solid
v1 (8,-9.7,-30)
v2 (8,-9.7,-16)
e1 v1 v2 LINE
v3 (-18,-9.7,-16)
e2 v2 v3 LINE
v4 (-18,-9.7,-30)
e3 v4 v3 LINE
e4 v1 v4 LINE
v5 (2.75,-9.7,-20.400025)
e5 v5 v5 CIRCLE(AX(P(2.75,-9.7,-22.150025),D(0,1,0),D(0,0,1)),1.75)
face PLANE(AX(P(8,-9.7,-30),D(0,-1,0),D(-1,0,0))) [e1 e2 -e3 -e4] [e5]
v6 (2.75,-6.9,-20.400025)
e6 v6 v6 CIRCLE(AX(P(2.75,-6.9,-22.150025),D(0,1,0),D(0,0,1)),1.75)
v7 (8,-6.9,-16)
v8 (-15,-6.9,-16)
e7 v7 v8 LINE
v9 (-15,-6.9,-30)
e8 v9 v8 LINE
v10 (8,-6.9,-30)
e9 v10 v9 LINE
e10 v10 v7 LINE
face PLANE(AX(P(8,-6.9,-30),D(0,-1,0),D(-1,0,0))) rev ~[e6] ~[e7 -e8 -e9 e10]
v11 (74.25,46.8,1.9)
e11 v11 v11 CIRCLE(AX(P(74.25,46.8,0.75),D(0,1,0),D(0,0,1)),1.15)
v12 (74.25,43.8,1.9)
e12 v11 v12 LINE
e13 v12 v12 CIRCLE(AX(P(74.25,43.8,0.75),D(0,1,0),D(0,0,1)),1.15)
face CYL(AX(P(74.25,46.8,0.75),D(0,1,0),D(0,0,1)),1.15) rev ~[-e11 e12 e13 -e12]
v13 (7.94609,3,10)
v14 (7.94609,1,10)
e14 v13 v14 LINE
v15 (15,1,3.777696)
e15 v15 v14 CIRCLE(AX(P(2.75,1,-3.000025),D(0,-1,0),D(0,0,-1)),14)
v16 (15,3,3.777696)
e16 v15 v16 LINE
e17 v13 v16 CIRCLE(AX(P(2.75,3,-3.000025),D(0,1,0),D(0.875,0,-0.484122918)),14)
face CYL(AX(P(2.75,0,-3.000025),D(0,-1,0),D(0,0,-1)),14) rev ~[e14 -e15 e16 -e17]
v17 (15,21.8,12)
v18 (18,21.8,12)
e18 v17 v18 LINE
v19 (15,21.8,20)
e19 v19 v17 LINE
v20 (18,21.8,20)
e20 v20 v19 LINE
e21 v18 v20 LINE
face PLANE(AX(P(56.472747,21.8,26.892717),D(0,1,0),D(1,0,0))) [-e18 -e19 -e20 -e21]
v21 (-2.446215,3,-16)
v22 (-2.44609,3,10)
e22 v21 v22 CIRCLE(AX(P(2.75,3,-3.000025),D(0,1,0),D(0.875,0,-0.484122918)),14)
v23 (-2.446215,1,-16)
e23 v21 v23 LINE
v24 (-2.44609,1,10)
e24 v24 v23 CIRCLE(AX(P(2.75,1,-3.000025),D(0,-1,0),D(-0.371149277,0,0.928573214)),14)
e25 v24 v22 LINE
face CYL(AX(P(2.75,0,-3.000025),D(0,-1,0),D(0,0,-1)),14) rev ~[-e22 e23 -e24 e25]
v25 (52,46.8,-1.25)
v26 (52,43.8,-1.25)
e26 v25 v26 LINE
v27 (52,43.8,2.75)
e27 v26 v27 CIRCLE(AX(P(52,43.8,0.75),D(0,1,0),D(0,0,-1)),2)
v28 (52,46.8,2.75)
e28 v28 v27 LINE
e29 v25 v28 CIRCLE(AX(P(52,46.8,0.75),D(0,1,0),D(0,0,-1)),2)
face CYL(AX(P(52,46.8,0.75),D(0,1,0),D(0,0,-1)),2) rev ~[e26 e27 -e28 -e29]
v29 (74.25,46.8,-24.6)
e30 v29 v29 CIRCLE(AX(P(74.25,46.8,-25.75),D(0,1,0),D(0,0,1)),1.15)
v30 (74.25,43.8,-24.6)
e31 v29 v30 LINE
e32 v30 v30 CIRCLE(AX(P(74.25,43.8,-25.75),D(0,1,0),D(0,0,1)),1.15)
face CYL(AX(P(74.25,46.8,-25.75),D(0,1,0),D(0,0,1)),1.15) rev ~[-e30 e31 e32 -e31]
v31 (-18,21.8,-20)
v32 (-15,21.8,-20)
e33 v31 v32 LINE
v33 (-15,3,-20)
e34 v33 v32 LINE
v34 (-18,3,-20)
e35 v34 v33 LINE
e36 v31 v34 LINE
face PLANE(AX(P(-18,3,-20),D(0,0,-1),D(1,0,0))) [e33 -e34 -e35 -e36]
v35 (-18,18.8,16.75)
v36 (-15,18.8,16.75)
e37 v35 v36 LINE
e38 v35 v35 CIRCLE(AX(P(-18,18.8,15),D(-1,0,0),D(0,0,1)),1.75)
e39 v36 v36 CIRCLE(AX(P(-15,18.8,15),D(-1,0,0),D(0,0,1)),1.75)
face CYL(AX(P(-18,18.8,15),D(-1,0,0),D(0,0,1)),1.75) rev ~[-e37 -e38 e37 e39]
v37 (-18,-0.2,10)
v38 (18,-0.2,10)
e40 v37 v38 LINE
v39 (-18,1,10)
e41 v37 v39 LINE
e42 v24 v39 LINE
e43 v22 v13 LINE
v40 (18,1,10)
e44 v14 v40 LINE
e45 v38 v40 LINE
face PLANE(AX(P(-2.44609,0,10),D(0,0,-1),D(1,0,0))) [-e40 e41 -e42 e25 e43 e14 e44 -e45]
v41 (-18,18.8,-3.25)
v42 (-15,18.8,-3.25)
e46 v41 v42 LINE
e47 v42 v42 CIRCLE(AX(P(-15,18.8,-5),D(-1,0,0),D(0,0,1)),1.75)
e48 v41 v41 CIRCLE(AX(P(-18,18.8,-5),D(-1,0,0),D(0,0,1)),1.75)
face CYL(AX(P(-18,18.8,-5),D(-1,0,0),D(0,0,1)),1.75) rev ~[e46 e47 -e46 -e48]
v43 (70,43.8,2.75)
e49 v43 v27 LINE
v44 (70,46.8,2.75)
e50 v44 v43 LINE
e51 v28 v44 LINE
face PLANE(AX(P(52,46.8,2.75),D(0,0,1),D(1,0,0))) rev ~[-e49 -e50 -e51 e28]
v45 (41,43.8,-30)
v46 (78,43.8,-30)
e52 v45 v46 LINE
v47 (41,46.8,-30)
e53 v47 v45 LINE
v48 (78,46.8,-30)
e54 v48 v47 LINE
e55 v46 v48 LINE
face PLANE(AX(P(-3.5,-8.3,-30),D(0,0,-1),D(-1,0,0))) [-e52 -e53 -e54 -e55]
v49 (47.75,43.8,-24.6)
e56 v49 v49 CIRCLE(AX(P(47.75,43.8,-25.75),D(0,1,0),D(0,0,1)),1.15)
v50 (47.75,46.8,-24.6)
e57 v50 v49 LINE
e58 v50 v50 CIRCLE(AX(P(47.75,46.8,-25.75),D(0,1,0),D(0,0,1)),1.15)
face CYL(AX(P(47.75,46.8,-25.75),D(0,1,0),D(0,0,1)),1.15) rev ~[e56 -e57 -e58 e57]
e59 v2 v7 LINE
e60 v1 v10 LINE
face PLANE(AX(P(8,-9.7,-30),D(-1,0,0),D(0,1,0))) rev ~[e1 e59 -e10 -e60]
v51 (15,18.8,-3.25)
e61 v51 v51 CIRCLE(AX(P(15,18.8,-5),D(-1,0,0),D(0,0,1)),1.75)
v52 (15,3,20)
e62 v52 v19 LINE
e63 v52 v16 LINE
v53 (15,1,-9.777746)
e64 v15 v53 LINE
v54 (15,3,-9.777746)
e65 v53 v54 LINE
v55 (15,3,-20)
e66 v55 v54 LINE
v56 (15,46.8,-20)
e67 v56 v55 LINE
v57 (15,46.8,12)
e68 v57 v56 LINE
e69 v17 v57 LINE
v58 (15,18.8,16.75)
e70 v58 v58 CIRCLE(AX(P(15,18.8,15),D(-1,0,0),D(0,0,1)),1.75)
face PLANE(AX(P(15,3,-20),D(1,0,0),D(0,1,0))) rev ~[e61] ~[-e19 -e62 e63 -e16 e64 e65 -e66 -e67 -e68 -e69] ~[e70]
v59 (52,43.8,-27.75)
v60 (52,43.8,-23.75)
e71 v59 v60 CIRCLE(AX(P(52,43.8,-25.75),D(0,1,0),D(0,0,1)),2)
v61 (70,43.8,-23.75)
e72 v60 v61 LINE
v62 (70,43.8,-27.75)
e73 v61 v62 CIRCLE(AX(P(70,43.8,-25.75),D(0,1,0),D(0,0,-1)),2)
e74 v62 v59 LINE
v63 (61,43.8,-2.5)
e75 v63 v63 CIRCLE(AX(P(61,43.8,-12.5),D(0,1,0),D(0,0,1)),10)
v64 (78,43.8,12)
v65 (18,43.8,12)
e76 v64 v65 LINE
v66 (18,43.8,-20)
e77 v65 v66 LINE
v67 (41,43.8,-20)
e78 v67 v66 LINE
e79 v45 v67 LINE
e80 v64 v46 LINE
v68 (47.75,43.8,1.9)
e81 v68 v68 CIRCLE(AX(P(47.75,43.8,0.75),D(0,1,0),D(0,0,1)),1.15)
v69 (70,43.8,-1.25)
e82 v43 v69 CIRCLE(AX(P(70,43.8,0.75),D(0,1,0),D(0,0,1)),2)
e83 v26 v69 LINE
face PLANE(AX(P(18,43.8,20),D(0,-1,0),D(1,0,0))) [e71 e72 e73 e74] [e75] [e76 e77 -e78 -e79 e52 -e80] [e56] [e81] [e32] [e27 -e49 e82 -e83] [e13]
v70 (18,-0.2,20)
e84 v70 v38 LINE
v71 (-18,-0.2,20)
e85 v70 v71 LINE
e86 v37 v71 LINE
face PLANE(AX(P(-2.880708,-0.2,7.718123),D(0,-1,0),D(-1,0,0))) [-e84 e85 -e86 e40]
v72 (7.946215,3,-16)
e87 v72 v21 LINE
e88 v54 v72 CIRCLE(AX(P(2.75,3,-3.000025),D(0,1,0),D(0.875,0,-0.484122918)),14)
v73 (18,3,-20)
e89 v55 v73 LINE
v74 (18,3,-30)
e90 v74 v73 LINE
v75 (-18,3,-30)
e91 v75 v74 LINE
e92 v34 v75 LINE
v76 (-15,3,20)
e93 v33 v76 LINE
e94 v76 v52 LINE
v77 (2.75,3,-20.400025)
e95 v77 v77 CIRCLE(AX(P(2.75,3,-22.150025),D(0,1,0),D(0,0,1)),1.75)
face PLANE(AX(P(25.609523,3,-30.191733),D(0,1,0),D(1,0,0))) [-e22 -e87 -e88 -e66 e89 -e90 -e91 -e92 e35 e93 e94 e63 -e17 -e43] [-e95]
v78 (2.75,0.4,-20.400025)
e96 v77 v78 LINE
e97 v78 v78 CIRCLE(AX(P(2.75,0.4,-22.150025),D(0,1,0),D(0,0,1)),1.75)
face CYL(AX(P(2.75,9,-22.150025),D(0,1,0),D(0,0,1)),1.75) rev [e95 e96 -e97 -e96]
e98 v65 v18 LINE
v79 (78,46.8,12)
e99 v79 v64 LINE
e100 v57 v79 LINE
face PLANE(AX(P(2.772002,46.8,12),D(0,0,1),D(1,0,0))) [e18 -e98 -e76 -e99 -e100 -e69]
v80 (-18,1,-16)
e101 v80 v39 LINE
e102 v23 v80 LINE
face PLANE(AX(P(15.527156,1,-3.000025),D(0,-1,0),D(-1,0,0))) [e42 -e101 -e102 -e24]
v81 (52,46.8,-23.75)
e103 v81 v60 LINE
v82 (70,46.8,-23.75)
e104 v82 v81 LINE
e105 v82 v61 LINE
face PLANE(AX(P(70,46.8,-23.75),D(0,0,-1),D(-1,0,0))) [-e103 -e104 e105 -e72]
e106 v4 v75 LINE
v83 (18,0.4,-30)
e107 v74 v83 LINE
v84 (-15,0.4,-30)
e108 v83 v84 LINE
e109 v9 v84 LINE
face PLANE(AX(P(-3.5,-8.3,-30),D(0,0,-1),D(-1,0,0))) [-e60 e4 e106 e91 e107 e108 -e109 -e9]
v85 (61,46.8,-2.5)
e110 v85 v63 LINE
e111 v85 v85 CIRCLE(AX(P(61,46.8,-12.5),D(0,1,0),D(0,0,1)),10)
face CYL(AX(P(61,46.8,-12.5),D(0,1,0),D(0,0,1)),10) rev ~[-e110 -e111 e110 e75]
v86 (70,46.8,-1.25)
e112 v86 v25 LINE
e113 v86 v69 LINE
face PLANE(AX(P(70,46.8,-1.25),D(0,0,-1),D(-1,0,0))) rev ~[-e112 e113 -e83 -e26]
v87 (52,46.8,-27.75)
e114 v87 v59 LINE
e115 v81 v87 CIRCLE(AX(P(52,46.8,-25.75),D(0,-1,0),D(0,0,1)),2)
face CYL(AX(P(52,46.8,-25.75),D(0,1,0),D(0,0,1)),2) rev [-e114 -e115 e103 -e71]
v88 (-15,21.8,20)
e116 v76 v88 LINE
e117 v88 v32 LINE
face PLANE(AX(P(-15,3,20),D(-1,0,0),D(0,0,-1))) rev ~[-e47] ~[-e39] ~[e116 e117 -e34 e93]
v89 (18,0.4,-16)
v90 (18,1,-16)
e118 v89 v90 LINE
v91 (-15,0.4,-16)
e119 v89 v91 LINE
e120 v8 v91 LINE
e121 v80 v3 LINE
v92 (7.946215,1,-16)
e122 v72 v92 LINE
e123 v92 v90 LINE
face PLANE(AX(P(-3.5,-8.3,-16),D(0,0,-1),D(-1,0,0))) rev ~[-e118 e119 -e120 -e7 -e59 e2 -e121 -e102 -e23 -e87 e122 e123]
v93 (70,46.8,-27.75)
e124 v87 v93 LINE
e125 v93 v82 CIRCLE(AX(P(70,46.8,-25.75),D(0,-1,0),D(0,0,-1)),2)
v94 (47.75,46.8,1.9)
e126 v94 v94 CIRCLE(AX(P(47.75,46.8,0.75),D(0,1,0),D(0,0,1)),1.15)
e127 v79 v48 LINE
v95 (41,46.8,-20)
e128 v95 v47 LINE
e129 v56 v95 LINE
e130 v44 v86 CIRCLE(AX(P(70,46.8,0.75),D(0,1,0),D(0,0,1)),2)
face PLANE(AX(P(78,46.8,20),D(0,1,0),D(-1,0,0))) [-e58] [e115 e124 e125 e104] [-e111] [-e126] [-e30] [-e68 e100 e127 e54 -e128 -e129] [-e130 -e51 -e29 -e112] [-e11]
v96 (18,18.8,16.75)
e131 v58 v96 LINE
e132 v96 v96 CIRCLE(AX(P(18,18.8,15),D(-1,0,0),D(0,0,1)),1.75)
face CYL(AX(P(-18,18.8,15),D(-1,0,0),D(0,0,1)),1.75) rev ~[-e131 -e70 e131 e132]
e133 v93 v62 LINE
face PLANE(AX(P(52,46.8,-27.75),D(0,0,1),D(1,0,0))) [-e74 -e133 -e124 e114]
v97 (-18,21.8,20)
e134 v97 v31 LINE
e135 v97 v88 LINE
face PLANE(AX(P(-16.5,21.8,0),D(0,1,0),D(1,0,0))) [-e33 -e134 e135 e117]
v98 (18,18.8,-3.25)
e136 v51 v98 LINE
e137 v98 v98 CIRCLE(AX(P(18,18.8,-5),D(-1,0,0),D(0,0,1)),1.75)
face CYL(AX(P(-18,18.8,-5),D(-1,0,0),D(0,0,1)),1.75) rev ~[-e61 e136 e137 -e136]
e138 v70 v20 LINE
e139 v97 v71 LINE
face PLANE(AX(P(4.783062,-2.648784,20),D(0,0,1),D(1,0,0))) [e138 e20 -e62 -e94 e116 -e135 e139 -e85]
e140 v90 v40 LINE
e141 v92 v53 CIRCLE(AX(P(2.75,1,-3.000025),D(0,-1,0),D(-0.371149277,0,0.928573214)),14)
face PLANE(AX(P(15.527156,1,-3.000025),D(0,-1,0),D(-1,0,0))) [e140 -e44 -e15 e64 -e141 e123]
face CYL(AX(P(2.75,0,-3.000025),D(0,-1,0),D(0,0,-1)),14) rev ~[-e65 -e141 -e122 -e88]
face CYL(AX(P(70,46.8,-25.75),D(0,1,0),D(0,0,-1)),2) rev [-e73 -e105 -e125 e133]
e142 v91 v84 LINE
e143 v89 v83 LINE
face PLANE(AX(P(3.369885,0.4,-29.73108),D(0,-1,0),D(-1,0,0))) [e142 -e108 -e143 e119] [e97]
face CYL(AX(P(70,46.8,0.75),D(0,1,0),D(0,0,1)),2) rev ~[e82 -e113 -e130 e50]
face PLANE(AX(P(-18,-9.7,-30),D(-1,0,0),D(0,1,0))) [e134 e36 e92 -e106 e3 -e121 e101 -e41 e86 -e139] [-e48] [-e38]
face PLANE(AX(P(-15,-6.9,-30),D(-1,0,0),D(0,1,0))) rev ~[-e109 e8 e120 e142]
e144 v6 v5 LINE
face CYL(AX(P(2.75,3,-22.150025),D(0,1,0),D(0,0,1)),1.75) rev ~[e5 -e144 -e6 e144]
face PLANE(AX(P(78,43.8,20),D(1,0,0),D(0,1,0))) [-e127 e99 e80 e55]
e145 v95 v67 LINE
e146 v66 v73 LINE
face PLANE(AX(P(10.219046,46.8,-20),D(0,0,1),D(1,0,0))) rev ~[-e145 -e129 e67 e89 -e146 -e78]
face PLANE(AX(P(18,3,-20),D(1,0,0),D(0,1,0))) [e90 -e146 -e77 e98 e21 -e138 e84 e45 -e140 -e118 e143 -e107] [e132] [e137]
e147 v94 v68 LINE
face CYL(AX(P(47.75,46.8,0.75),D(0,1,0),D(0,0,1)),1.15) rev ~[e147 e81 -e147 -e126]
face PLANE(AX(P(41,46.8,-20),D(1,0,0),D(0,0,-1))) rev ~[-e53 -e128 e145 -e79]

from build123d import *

# Parameters (mm, degrees)
SKETCH_1_W            = 36
SKETCH_1_H            = 40
EXTRUDE_1_DEPTH       = 3
SKETCH_2_W            = 3
SKETCH_2_H            = 40
EXTRUDE_2_DEPTH       = 18.8
SKETCH_3_R            = 14
CUT_EXTRUDE_1_DEPTH   = 9
SKETCH_4_W            = 36
SKETCH_4_H            = 3
EXTRUDE_3_DEPTH       = 10
SKETCH_6_R            = 2.7
CUT_EXTRUDE_3_DEPTH   = 10
SKETCH_7_R            = 1.75
CUT_EXTRUDE_4_DEPTH   = 52.68404009
SKETCH_9_W            = 25
SKETCH_9_H            = 3
SKETCH_9_W_2          = 3
SKETCH_9_H_2          = 9.3
EXTRUDE_4_DEPTH       = 20
CHAMFER_1_SIZE        = 5
CUT_EXTRUDE_START     = -30
SKETCH_10_R           = 2.7
CUT_EXTRUDE_5_DEPTH   = 30
SKETCH_11_W           = 40.05397725
SKETCH_11_H           = 18.071111192
CUT_EXTRUDE_6_DEPTH   = 52.68404009
EXTRUDE_START         = 2.5
SKETCH_12_W           = 36
SKETCH_12_H           = 20
SKETCH_12_R           = 2.7
EXTRUDE_5_DEPTH       = 2.5
SKETCH_13_W           = 62.12277329
SKETCH_13_H           = 35.561448302
CUT_EXTRUDE_7_DEPTH   = 1
SKETCH_16_W           = 60
SKETCH_16_H           = 3
SKETCH_16_W_2         = 3
SKETCH_16_H_2         = 25
EXTRUDE_7_DEPTH       = 65
EXTRUDE_START_2       = 8
EXTRUDE_8_DEPTH       = 8
SKETCH_18_R           = 1.15
SKETCH_18_R_2         = 10
CUT_EXTRUDE_8_DEPTH   = 15
SKETCH_19_W           = 125.229267156
SKETCH_19_H           = 103.922898786
CUT_EXTRUDE_9_DEPTH   = 0.5
SKETCH_20_W           = 154.797288569
SKETCH_20_H           = 90.443359613
CUT_EXTRUDE_10_DEPTH  = 1.8
SKETCH_21_W           = 11.155684717
SKETCH_21_H           = 2.603751016
EXTRUDE_9_DEPTH       = 3
EXTRUDE_10_DEPTH      = 10
EXTRUDE_10_DEPTH_BACK = 4
SKETCH_22_W           = 36
SKETCH_22_H           = 3.2
SKETCH_23_R           = 1.75
CUT_EXTRUDE_12_DEPTH  = 10
SKETCH_26_W           = 12.845915964
SKETCH_26_H           = 7.377373426
EXTRUDE_11_DEPTH      = 3.2
SKETCH_27_W           = 116.42408431
SKETCH_27_H           = 62.505927617
CUT_EXTRUDE_13_DEPTH  = 10
SKETCH_29_W           = 89.791123847
SKETCH_29_H           = 12.28472202
SKETCH_29_W_2         = 107.401489541
SKETCH_29_H_2         = 29.785433334
CUT_EXTRUDE_14_DEPTH  = 25
SKETCH_30_W           = 3
SKETCH_30_H           = 18.8
EXTRUDE_12_DEPTH      = 17
SKETCH_31_W           = 80.768529078
SKETCH_31_H           = 45.765209612
CUT_EXTRUDE_15_DEPTH  = 0.6
SKETCH_32_W           = 23
SKETCH_32_H           = 2.8
SKETCH_32_W_2         = 3
SKETCH_32_H_2         = 9.9
EXTRUDE_13_DEPTH      = 14
SKETCH_34_R           = 1.75
CUT_EXTRUDE_17_DEPTH  = 97.806198149
SKETCH_35_W           = 168.711651586
SKETCH_35_H           = 128.925269833
CUT_EXTRUDE_18_DEPTH  = 7
SKETCH_36_W           = 30.780953922
SKETCH_36_H           = 20.383466973
CUT_EXTRUDE_19_DEPTH  = 43.8


with BuildPart() as part:
    # 草图1 → 凸台-拉伸1 (new body)
    with BuildSketch(Plane(origin=(0, 0, 0), x_dir=(1, 0, 0), z_dir=(0, 1, 0))):
        Rectangle(SKETCH_1_W, SKETCH_1_H)
    extrude(amount=EXTRUDE_1_DEPTH)

    # 草图2 → 凸台-拉伸2 (add)
    with BuildSketch(Plane(origin=(0, 3, 0), x_dir=(1, 0, 0), z_dir=(0, 1, 0))):
        with Locations((-16.5, 0)):
            Rectangle(SKETCH_2_W, SKETCH_2_H)
        with Locations((16.5, 0)):
            Rectangle(SKETCH_2_W, SKETCH_2_H)
    extrude(amount=EXTRUDE_2_DEPTH)

    # 草图3 → 切除-拉伸1 (cut)
    with BuildSketch(Plane(origin=(0, 0, 0), x_dir=(-1, 0, 0), z_dir=(0, -1, 0))):
        with Locations(Location((-2.75, 3.000025, 0), (0, 0, 90))):
            Circle(SKETCH_3_R)
    extrude(amount=-CUT_EXTRUDE_1_DEPTH, mode=Mode.SUBTRACT)

    # 草图4 → 凸台-拉伸3 (add)
    with BuildSketch(Plane.XY.offset(20)):
        with Locations((0, 1.5)):
            Rectangle(SKETCH_4_W, SKETCH_4_H)
    extrude(amount=EXTRUDE_3_DEPTH)

    # 草图6 → 切除-拉伸3 (cut)
    with BuildSketch(Plane(origin=(0, 0, 0), x_dir=(-1, 0, 0), z_dir=(0, -1, 0))):
        with Locations(Location((-2.75, -16.149975, 0), (0, 0, 90))):
            Circle(SKETCH_6_R)
    extrude(amount=-CUT_EXTRUDE_3_DEPTH, mode=Mode.SUBTRACT)

    # 草图7 → 切除-拉伸4 (cut, through all)
    with BuildSketch(Plane.ZY.offset(18)):
        with Locations((15, 18.8)):
            Circle(SKETCH_7_R)
        with Locations((-5, 18.8)):
            Circle(SKETCH_7_R)
    extrude(amount=-CUT_EXTRUDE_4_DEPTH, mode=Mode.SUBTRACT)

    # 草图9 → 凸台-拉伸4 (add)
    with BuildSketch(Plane.XY.offset(30)):
        with Locations((-2.5, -7.8)):
            Rectangle(SKETCH_9_W, SKETCH_9_H)
        with Locations((-16.5, -4.65)):
            Rectangle(SKETCH_9_W_2, SKETCH_9_H_2)
    extrude(amount=-EXTRUDE_4_DEPTH)

    # 倒角1
    chamfer_1_edges = [part.edges().sort_by_distance(p)[0] for p in [
        (10, -7.8, 30),
    ]]
    chamfer(chamfer_1_edges, length=CHAMFER_1_SIZE)

    # 草图10 → 切除-拉伸5 (cut)
    with BuildSketch(Plane(origin=(0, 0, 0), x_dir=(1, 0, 0), z_dir=(0, 1, 0)).offset(CUT_EXTRUDE_START)):
        with Locations(Location((2.75, -16.149975, 0), (0, 0, 90))):
            Circle(SKETCH_10_R)
    extrude(amount=CUT_EXTRUDE_5_DEPTH, mode=Mode.SUBTRACT)

    # 草图11 → 切除-拉伸6 (cut, through all)
    with BuildSketch(Plane.ZY.offset(18)):
        with Locations((20.026988625, -9.035555596)):
            Rectangle(SKETCH_11_W, SKETCH_11_H)
    extrude(amount=-CUT_EXTRUDE_6_DEPTH, mode=Mode.SUBTRACT)

    # 草图12 → 凸台-拉伸5 (add)
    with BuildSketch(Plane(origin=(0, 0, 0), x_dir=(-1, 0, 0), z_dir=(0, -1, 0)).offset(EXTRUDE_START)):
        with Locations((0, -20)):
            Rectangle(SKETCH_12_W, SKETCH_12_H)
        with Locations(Location((-2.75, -16.149975, 0), (0, 0, 90))):
            Circle(SKETCH_12_R, mode=Mode.SUBTRACT)
    extrude(amount=-EXTRUDE_5_DEPTH)

    # 草图13 → 切除-拉伸7 (cut)
    with BuildSketch(Plane(origin=(0, 0, 0), x_dir=(-1, 0, 0), z_dir=(0, -1, 0))):
        with Locations((0.086945799, 7.780724151)):
            Rectangle(SKETCH_13_W, SKETCH_13_H)
    extrude(amount=-CUT_EXTRUDE_7_DEPTH, mode=Mode.SUBTRACT)

    # 草图16 → 凸台-拉伸7 (add)
    with BuildSketch(Plane.XY.offset(20)):
        with Locations((48, 45.3)):
            Rectangle(SKETCH_16_W, SKETCH_16_H)
        with Locations((16.5, 34.3)):
            Rectangle(SKETCH_16_W_2, SKETCH_16_H_2)
    extrude(amount=-EXTRUDE_7_DEPTH)

    # 草图17 → 凸台-拉伸8 (add)
    with BuildSketch(Plane(origin=(0, 9, 0), x_dir=(-1, 0, 0), z_dir=(0, -1, 0)).offset(EXTRUDE_START_2)):
        with BuildLine():
            Line((-15, -3.777695856), (-15, 9.777745856))
            ThreePointArc((-15, 9.777745856), (-16.75, 3.000025), (-15, -3.777695856))
        make_face()
    extrude(amount=-EXTRUDE_8_DEPTH)

    # 草图18 → 切除-拉伸8 (cut)
    with BuildSketch(Plane(origin=(0, 46.8, 0), x_dir=(1, 0, 0), z_dir=(0, 1, 0))):
        with Locations(Location((47.75, 25.75, 0), (0, 0, 270))):
            Circle(SKETCH_18_R)
        with Locations(Location((74.25, 25.75, 0), (0, 0, 270))):
            Circle(SKETCH_18_R)
        with Locations(Location((74.25, -0.75, 0), (0, 0, 270))):
            Circle(SKETCH_18_R)
        with Locations(Location((47.75, -0.75, 0), (0, 0, 270))):
            Circle(SKETCH_18_R)
        with Locations(Location((61, 12.5, 0), (0, 0, 270))):
            Circle(SKETCH_18_R_2)
        with BuildLine():
            Line((52, 27.75), (70, 27.75))
            ThreePointArc((70, 27.75), (72, 25.75), (70, 23.75))
            Line((70, 23.75), (52, 23.75))
            ThreePointArc((52, 23.75), (50, 25.75), (52, 27.75))
        make_face()
        with BuildLine():
            Line((52, -2.75), (70, -2.75))
            ThreePointArc((70, -2.75), (72, -0.75), (70, 1.25))
            Line((70, 1.25), (52, 1.25))
            ThreePointArc((52, 1.25), (50, -0.75), (52, -2.75))
        make_face()
    extrude(amount=-CUT_EXTRUDE_8_DEPTH, mode=Mode.SUBTRACT)

    # 草图19 → 切除-拉伸9 (cut)
    with BuildSketch(Plane(origin=(0, -2.5, 0), x_dir=(-1, 0, 0), z_dir=(0, -1, 0))):
        with Locations((5.272239112, -16.1971882)):
            Rectangle(SKETCH_19_W, SKETCH_19_H)
    extrude(amount=-CUT_EXTRUDE_9_DEPTH, mode=Mode.SUBTRACT)

    # 草图20 → 切除-拉伸10 (cut)
    with BuildSketch(Plane(origin=(0, -2, 0), x_dir=(-1, 0, 0), z_dir=(0, -1, 0))):
        with Locations((2.880707968, -7.718123237)):
            Rectangle(SKETCH_20_W, SKETCH_20_H)
    extrude(amount=-CUT_EXTRUDE_10_DEPTH, mode=Mode.SUBTRACT)

    # 草图21 → 凸台-拉伸9 (add)
    with BuildSketch(Plane(origin=(0, 0, 0), x_dir=(1, 0, 0), z_dir=(0, 1, 0))):
        with Locations((3.131752483, -11.301875508)):
            Rectangle(SKETCH_21_W, SKETCH_21_H)
    extrude(amount=EXTRUDE_9_DEPTH)

    # 草图22 → 凸台-拉伸10 (add, two sides: drawn at the far end of the back side and taken through both)
    with BuildSketch(Plane(origin=(0, 0, -20), x_dir=(-1, 0, 0), z_dir=(0, 0, -1)).offset(-EXTRUDE_10_DEPTH_BACK)):
        with Locations((0, 1.4)):
            Rectangle(SKETCH_22_W, SKETCH_22_H)
    extrude(amount=EXTRUDE_10_DEPTH + EXTRUDE_10_DEPTH_BACK)

    # 草图23 → 切除-拉伸12 (cut)
    with BuildSketch(Plane(origin=(0, 9, 0), x_dir=(-1, 0, 0), z_dir=(0, -1, 0))):
        with Locations(Location((-2.75, 22.150025, 0), (0, 0, 270))):
            Circle(SKETCH_23_R)
    extrude(amount=CUT_EXTRUDE_12_DEPTH, mode=Mode.SUBTRACT)

    # 草图26 → 凸台-拉伸11 (add, through all)
    with BuildSketch(Plane(origin=(0, 3, 0), x_dir=(1, 0, 0), z_dir=(0, 1, 0))):
        with Locations((3.420651678, -16.929062366)):
            Rectangle(SKETCH_26_W, SKETCH_26_H)
    extrude(amount=-EXTRUDE_11_DEPTH)

    # 草图27 → 切除-拉伸13 (cut)
    with BuildSketch(Plane.XY.offset(30)):
        with Locations((4.783062287, -2.648783639)):
            Rectangle(SKETCH_27_W, SKETCH_27_H)
    extrude(amount=-CUT_EXTRUDE_13_DEPTH, mode=Mode.SUBTRACT)

    # 草图29 → 切除-拉伸14 (cut)
    with BuildSketch(Plane(origin=(0, 46.8, 0), x_dir=(1, 0, 0), z_dir=(0, 1, 0))):
        with Locations((43.319325488, 43.14236101)):
            Rectangle(SKETCH_29_W, SKETCH_29_H)
        with Locations((56.472746777, -26.892716667)):
            Rectangle(SKETCH_29_W_2, SKETCH_29_H_2)
    extrude(amount=-CUT_EXTRUDE_14_DEPTH, mode=Mode.SUBTRACT)

    # 草图30 → 凸台-拉伸12 (add)
    with BuildSketch(Plane(origin=(0, 0, -20), x_dir=(-1, 0, 0), z_dir=(0, 0, -1))):
        with Locations((-16.5, 12.4)):
            Rectangle(SKETCH_30_W, SKETCH_30_H)
    extrude(amount=EXTRUDE_12_DEPTH)

    # 草图31 → 切除-拉伸15 (cut)
    with BuildSketch(Plane(origin=(0, -0.2, 0), x_dir=(-1, 0, 0), z_dir=(0, -1, 0))):
        with Locations((-3.369884793, 29.731080354)):
            Rectangle(SKETCH_31_W, SKETCH_31_H)
    extrude(amount=-CUT_EXTRUDE_15_DEPTH, mode=Mode.SUBTRACT)

    # 草图32 → 凸台-拉伸13 (add)
    with BuildSketch(Plane(origin=(0, 0, -30), x_dir=(-1, 0, 0), z_dir=(0, 0, -1))):
        with Locations((3.5, -8.3)):
            Rectangle(SKETCH_32_W, SKETCH_32_H)
        with Locations((16.5, -1.95)):
            Rectangle(SKETCH_32_W_2, SKETCH_32_H_2)
        with Locations((16.5, -8.3)):
            Rectangle(SKETCH_32_W_2, SKETCH_32_H)
    extrude(amount=-EXTRUDE_13_DEPTH)

    # 草图34 → 切除-拉伸17 (cut, through all)
    with BuildSketch(Plane(origin=(0, 3, 0), x_dir=(1, 0, 0), z_dir=(0, 1, 0))):
        with Locations(Location((2.75, 22.150025, 0), (0, 0, 270))):
            Circle(SKETCH_34_R)
    extrude(amount=-CUT_EXTRUDE_17_DEPTH, mode=Mode.SUBTRACT)

    # 草图35 → 切除-拉伸18 (cut)
    with BuildSketch(Plane(origin=(0, 0, -37), x_dir=(-1, 0, 0), z_dir=(0, 0, -1))):
        with Locations((-14.403539842, 2.608943066)):
            Rectangle(SKETCH_35_W, SKETCH_35_H)
    extrude(amount=-CUT_EXTRUDE_18_DEPTH, mode=Mode.SUBTRACT)

    # 草图36 → 切除-拉伸19 (cut)
    with BuildSketch(Plane(origin=(0, 46.8, 0), x_dir=(1, 0, 0), z_dir=(0, 1, 0))):
        with Locations((25.609523039, 30.191733487)):
            Rectangle(SKETCH_36_W, SKETCH_36_H)
    extrude(amount=-CUT_EXTRUDE_19_DEPTH, mode=Mode.SUBTRACT)


solid = part.part
